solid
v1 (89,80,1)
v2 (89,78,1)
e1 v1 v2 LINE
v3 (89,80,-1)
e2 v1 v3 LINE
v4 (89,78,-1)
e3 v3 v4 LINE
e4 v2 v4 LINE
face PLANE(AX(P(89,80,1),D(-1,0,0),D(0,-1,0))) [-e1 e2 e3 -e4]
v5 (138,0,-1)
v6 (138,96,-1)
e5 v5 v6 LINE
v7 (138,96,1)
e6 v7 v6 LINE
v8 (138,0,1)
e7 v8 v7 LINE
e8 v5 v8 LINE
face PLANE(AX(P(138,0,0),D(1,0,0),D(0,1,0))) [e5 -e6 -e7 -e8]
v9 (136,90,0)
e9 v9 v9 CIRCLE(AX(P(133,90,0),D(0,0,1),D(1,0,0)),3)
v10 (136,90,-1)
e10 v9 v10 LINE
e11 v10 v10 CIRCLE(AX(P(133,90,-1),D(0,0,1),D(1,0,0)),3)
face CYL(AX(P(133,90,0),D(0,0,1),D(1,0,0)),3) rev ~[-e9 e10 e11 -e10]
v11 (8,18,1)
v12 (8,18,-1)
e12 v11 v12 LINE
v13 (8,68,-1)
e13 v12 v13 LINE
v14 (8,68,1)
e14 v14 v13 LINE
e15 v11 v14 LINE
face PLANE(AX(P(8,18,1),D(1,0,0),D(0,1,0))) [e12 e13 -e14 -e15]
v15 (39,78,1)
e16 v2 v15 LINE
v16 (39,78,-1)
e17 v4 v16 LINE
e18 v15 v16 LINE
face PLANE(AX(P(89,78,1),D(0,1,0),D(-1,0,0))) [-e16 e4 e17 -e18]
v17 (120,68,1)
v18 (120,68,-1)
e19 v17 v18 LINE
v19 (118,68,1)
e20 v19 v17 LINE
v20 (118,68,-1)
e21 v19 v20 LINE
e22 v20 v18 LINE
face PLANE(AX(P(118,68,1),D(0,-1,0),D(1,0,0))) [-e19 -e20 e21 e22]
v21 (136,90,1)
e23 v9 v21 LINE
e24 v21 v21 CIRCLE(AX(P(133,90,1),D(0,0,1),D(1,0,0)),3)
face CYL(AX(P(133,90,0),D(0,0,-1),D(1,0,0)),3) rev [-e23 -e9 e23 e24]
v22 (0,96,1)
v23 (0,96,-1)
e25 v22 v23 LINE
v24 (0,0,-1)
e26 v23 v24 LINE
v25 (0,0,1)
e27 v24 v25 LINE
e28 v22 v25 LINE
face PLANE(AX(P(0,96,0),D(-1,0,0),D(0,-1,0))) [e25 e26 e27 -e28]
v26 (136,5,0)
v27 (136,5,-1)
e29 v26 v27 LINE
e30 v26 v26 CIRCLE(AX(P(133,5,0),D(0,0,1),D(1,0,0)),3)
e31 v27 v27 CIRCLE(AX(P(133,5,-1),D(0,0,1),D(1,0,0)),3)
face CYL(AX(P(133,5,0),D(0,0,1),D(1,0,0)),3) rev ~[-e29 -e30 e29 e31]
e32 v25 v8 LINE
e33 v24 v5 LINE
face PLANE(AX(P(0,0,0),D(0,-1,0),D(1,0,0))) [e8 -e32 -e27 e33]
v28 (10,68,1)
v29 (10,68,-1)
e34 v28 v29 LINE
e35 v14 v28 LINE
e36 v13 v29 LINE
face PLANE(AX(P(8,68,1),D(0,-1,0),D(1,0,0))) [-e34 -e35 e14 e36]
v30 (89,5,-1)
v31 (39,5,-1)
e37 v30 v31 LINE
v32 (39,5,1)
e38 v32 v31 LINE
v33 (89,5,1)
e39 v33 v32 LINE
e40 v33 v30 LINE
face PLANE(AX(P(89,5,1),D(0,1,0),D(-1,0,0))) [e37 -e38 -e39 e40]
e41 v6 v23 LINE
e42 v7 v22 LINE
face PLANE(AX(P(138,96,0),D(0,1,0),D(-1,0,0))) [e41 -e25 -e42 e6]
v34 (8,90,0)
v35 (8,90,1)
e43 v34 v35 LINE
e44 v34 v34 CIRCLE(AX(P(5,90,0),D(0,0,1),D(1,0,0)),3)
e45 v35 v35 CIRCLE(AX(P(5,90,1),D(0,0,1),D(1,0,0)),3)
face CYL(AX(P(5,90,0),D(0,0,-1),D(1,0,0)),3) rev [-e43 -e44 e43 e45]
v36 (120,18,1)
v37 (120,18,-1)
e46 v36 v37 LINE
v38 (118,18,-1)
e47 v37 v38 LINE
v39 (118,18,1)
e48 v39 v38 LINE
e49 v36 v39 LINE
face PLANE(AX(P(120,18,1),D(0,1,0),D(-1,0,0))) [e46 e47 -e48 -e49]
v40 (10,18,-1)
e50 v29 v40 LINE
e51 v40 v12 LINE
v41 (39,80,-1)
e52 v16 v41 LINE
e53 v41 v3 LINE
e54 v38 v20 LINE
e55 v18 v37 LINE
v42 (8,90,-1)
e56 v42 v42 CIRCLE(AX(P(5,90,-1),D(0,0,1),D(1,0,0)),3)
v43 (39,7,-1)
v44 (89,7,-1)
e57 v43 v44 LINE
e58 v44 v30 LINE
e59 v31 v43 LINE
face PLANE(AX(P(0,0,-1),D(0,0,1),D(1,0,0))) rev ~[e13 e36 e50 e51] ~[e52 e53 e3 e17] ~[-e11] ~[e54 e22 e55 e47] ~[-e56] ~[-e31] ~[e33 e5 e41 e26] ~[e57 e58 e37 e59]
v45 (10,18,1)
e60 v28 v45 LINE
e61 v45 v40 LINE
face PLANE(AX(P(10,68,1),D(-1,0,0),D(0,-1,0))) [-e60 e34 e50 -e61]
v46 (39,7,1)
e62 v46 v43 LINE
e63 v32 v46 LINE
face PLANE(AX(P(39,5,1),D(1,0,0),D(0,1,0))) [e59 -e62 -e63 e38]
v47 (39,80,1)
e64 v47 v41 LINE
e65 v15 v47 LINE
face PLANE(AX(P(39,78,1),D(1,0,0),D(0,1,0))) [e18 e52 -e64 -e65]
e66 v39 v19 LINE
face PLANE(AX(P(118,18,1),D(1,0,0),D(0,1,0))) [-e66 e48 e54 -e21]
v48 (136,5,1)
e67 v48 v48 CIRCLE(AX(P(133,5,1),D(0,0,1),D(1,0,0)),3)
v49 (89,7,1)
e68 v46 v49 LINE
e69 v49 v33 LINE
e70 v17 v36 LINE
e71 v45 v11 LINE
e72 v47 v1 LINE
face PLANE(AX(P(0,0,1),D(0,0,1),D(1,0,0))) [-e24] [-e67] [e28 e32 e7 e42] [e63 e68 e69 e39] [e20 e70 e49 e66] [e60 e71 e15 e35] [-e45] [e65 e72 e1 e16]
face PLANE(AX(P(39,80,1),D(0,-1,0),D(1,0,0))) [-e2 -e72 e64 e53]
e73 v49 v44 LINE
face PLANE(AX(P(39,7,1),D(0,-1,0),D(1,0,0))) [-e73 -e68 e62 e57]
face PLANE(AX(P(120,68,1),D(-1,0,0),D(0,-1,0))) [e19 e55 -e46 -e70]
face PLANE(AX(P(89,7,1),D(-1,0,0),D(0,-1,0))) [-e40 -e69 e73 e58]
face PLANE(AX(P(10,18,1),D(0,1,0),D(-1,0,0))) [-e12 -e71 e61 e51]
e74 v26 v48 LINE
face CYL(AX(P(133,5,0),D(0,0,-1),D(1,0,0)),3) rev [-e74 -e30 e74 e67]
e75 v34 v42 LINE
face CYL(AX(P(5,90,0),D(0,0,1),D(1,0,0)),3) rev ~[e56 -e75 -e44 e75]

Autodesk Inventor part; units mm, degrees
ref_plane "YZ Plane" through (0, 0, 0) normal (1, 0, 0) x (0, 1, 0)
ref_plane "XZ Plane" through (0, 0, 0) normal (0, 1, 0) x (-1, 0, 0)
ref_plane "XY Plane" through (0, 0, 0) normal (0, 0, 1) x (1, 0, 0)
sketch "Sketch2" plane through (0, 0, 0) normal (0, 0, 1) x (1, 0, 0)
  circle A0 centre (5, 90) radius 3
  circle A1 centre (133, 5) radius 3
  circle A2 centre (133, 90) radius 3
  line L0 (0, 0) -> (138, 0)
  line L1 (138, 0) -> (138, 96)
  line L2 (138, 96) -> (0, 96)
  line L3 (0, 96) -> (0, 0)
  circle A3 centre (6, 20) radius 2
  circle A4 centre (6, 66) radius 2
  circle A5 centre (122, 40) radius 2
extrude "Extrusion2" add sketch "Sketch2" along normal mid plane 2 contours L3 L2 L1 L0 | A3 | A4 | A5
sketch "Sketch3" plane through (0, 0, 1) normal (0, 0, 1) x (1, 0, 0)
  circle A0 centre (6, 20) radius 2 construction
  circle A1 centre (6, 20) radius 0.5
  point P0 (0, 0)
  dimension "d4" = 1
extrude "Extrusion3" [suppressed]
sketch "Sketch4" plane through (0, 0, 1) normal (0, 0, 1) x (1, 0, 0)
  circle A0 centre (6, 66) radius 2 projected
  circle A1 centre (6, 66) radius 0.5
  point P0 (0, 0)
  dimension "d7" = 1
extrude "Extrusion4" [suppressed]
sketch "Sketch5" plane through (0, 0, 1) normal (0, 0, 1) x (1, 0, 0)
  circle A0 centre (122, 40) radius 2 projected
  circle A1 centre (122, 40) radius 0.5
  point P0 (0, 0)
  dimension "d10" = 1
extrude "Extrusion5" [suppressed]
ref_plane "Work Plane1" through (64, 0, 1) normal (-1, 0, 0) x (0, 0, 1)
ref_plane "Work Plane2" through (0, 43, 1) normal (0, -1, 0) x (1, 0, 0)
sketch "Sketch7" plane through (0, 0, 1) normal (0, 0, 1) x (1, 0, 0)
  line L0 (39, 7) -> (89, 7)
  line L1 (89, 7) -> (89, 5)
  line L2 (89, 5) -> (39, 5)
  line L3 (39, 5) -> (39, 7)
  line L4 (64, -19.2) -> (64, 115.2) construction
  line L5 (165.6, 43) -> (-27.6, 43) construction
  line L6 (0, 0) -> (138, 0) projected
  line L7 (8, 68) -> (10, 68)
  line L8 (10, 68) -> (10, 18)
  line L9 (10, 18) -> (8, 18)
  line L10 (8, 18) -> (8, 68)
  line L11 (0, 96) -> (0, 0) projected
  line L12 (118, 68) -> (120, 68)
  line L13 (120, 68) -> (120, 18)
  line L14 (120, 18) -> (118, 18)
  line L15 (118, 18) -> (118, 68)
  line L16 (39, 80) -> (89, 80)
  line L17 (89, 80) -> (89, 78)
  line L18 (89, 78) -> (39, 78)
  line L19 (39, 78) -> (39, 80)
  point P0 (64, 7)
  point P1 (10, 43)
  point P2 (118, 43)
  point P3 (64, 78)
  dimension "d15" = 2
  dimension "d16" = 5
  dimension "d17" = 50
  dimension "d18" = 2
  dimension "d19" = 50
  dimension "d20" = 8
  dimension "d23" = 50
  dimension "d24" = 2
  dimension "d25" = 118
  dimension "d26" = 2
  dimension "d27" = 50
  dimension "d28" = 78
extrude "Extrusion6" cut sketch "Sketch7" against normal through all
properties part number "mount_plate"
